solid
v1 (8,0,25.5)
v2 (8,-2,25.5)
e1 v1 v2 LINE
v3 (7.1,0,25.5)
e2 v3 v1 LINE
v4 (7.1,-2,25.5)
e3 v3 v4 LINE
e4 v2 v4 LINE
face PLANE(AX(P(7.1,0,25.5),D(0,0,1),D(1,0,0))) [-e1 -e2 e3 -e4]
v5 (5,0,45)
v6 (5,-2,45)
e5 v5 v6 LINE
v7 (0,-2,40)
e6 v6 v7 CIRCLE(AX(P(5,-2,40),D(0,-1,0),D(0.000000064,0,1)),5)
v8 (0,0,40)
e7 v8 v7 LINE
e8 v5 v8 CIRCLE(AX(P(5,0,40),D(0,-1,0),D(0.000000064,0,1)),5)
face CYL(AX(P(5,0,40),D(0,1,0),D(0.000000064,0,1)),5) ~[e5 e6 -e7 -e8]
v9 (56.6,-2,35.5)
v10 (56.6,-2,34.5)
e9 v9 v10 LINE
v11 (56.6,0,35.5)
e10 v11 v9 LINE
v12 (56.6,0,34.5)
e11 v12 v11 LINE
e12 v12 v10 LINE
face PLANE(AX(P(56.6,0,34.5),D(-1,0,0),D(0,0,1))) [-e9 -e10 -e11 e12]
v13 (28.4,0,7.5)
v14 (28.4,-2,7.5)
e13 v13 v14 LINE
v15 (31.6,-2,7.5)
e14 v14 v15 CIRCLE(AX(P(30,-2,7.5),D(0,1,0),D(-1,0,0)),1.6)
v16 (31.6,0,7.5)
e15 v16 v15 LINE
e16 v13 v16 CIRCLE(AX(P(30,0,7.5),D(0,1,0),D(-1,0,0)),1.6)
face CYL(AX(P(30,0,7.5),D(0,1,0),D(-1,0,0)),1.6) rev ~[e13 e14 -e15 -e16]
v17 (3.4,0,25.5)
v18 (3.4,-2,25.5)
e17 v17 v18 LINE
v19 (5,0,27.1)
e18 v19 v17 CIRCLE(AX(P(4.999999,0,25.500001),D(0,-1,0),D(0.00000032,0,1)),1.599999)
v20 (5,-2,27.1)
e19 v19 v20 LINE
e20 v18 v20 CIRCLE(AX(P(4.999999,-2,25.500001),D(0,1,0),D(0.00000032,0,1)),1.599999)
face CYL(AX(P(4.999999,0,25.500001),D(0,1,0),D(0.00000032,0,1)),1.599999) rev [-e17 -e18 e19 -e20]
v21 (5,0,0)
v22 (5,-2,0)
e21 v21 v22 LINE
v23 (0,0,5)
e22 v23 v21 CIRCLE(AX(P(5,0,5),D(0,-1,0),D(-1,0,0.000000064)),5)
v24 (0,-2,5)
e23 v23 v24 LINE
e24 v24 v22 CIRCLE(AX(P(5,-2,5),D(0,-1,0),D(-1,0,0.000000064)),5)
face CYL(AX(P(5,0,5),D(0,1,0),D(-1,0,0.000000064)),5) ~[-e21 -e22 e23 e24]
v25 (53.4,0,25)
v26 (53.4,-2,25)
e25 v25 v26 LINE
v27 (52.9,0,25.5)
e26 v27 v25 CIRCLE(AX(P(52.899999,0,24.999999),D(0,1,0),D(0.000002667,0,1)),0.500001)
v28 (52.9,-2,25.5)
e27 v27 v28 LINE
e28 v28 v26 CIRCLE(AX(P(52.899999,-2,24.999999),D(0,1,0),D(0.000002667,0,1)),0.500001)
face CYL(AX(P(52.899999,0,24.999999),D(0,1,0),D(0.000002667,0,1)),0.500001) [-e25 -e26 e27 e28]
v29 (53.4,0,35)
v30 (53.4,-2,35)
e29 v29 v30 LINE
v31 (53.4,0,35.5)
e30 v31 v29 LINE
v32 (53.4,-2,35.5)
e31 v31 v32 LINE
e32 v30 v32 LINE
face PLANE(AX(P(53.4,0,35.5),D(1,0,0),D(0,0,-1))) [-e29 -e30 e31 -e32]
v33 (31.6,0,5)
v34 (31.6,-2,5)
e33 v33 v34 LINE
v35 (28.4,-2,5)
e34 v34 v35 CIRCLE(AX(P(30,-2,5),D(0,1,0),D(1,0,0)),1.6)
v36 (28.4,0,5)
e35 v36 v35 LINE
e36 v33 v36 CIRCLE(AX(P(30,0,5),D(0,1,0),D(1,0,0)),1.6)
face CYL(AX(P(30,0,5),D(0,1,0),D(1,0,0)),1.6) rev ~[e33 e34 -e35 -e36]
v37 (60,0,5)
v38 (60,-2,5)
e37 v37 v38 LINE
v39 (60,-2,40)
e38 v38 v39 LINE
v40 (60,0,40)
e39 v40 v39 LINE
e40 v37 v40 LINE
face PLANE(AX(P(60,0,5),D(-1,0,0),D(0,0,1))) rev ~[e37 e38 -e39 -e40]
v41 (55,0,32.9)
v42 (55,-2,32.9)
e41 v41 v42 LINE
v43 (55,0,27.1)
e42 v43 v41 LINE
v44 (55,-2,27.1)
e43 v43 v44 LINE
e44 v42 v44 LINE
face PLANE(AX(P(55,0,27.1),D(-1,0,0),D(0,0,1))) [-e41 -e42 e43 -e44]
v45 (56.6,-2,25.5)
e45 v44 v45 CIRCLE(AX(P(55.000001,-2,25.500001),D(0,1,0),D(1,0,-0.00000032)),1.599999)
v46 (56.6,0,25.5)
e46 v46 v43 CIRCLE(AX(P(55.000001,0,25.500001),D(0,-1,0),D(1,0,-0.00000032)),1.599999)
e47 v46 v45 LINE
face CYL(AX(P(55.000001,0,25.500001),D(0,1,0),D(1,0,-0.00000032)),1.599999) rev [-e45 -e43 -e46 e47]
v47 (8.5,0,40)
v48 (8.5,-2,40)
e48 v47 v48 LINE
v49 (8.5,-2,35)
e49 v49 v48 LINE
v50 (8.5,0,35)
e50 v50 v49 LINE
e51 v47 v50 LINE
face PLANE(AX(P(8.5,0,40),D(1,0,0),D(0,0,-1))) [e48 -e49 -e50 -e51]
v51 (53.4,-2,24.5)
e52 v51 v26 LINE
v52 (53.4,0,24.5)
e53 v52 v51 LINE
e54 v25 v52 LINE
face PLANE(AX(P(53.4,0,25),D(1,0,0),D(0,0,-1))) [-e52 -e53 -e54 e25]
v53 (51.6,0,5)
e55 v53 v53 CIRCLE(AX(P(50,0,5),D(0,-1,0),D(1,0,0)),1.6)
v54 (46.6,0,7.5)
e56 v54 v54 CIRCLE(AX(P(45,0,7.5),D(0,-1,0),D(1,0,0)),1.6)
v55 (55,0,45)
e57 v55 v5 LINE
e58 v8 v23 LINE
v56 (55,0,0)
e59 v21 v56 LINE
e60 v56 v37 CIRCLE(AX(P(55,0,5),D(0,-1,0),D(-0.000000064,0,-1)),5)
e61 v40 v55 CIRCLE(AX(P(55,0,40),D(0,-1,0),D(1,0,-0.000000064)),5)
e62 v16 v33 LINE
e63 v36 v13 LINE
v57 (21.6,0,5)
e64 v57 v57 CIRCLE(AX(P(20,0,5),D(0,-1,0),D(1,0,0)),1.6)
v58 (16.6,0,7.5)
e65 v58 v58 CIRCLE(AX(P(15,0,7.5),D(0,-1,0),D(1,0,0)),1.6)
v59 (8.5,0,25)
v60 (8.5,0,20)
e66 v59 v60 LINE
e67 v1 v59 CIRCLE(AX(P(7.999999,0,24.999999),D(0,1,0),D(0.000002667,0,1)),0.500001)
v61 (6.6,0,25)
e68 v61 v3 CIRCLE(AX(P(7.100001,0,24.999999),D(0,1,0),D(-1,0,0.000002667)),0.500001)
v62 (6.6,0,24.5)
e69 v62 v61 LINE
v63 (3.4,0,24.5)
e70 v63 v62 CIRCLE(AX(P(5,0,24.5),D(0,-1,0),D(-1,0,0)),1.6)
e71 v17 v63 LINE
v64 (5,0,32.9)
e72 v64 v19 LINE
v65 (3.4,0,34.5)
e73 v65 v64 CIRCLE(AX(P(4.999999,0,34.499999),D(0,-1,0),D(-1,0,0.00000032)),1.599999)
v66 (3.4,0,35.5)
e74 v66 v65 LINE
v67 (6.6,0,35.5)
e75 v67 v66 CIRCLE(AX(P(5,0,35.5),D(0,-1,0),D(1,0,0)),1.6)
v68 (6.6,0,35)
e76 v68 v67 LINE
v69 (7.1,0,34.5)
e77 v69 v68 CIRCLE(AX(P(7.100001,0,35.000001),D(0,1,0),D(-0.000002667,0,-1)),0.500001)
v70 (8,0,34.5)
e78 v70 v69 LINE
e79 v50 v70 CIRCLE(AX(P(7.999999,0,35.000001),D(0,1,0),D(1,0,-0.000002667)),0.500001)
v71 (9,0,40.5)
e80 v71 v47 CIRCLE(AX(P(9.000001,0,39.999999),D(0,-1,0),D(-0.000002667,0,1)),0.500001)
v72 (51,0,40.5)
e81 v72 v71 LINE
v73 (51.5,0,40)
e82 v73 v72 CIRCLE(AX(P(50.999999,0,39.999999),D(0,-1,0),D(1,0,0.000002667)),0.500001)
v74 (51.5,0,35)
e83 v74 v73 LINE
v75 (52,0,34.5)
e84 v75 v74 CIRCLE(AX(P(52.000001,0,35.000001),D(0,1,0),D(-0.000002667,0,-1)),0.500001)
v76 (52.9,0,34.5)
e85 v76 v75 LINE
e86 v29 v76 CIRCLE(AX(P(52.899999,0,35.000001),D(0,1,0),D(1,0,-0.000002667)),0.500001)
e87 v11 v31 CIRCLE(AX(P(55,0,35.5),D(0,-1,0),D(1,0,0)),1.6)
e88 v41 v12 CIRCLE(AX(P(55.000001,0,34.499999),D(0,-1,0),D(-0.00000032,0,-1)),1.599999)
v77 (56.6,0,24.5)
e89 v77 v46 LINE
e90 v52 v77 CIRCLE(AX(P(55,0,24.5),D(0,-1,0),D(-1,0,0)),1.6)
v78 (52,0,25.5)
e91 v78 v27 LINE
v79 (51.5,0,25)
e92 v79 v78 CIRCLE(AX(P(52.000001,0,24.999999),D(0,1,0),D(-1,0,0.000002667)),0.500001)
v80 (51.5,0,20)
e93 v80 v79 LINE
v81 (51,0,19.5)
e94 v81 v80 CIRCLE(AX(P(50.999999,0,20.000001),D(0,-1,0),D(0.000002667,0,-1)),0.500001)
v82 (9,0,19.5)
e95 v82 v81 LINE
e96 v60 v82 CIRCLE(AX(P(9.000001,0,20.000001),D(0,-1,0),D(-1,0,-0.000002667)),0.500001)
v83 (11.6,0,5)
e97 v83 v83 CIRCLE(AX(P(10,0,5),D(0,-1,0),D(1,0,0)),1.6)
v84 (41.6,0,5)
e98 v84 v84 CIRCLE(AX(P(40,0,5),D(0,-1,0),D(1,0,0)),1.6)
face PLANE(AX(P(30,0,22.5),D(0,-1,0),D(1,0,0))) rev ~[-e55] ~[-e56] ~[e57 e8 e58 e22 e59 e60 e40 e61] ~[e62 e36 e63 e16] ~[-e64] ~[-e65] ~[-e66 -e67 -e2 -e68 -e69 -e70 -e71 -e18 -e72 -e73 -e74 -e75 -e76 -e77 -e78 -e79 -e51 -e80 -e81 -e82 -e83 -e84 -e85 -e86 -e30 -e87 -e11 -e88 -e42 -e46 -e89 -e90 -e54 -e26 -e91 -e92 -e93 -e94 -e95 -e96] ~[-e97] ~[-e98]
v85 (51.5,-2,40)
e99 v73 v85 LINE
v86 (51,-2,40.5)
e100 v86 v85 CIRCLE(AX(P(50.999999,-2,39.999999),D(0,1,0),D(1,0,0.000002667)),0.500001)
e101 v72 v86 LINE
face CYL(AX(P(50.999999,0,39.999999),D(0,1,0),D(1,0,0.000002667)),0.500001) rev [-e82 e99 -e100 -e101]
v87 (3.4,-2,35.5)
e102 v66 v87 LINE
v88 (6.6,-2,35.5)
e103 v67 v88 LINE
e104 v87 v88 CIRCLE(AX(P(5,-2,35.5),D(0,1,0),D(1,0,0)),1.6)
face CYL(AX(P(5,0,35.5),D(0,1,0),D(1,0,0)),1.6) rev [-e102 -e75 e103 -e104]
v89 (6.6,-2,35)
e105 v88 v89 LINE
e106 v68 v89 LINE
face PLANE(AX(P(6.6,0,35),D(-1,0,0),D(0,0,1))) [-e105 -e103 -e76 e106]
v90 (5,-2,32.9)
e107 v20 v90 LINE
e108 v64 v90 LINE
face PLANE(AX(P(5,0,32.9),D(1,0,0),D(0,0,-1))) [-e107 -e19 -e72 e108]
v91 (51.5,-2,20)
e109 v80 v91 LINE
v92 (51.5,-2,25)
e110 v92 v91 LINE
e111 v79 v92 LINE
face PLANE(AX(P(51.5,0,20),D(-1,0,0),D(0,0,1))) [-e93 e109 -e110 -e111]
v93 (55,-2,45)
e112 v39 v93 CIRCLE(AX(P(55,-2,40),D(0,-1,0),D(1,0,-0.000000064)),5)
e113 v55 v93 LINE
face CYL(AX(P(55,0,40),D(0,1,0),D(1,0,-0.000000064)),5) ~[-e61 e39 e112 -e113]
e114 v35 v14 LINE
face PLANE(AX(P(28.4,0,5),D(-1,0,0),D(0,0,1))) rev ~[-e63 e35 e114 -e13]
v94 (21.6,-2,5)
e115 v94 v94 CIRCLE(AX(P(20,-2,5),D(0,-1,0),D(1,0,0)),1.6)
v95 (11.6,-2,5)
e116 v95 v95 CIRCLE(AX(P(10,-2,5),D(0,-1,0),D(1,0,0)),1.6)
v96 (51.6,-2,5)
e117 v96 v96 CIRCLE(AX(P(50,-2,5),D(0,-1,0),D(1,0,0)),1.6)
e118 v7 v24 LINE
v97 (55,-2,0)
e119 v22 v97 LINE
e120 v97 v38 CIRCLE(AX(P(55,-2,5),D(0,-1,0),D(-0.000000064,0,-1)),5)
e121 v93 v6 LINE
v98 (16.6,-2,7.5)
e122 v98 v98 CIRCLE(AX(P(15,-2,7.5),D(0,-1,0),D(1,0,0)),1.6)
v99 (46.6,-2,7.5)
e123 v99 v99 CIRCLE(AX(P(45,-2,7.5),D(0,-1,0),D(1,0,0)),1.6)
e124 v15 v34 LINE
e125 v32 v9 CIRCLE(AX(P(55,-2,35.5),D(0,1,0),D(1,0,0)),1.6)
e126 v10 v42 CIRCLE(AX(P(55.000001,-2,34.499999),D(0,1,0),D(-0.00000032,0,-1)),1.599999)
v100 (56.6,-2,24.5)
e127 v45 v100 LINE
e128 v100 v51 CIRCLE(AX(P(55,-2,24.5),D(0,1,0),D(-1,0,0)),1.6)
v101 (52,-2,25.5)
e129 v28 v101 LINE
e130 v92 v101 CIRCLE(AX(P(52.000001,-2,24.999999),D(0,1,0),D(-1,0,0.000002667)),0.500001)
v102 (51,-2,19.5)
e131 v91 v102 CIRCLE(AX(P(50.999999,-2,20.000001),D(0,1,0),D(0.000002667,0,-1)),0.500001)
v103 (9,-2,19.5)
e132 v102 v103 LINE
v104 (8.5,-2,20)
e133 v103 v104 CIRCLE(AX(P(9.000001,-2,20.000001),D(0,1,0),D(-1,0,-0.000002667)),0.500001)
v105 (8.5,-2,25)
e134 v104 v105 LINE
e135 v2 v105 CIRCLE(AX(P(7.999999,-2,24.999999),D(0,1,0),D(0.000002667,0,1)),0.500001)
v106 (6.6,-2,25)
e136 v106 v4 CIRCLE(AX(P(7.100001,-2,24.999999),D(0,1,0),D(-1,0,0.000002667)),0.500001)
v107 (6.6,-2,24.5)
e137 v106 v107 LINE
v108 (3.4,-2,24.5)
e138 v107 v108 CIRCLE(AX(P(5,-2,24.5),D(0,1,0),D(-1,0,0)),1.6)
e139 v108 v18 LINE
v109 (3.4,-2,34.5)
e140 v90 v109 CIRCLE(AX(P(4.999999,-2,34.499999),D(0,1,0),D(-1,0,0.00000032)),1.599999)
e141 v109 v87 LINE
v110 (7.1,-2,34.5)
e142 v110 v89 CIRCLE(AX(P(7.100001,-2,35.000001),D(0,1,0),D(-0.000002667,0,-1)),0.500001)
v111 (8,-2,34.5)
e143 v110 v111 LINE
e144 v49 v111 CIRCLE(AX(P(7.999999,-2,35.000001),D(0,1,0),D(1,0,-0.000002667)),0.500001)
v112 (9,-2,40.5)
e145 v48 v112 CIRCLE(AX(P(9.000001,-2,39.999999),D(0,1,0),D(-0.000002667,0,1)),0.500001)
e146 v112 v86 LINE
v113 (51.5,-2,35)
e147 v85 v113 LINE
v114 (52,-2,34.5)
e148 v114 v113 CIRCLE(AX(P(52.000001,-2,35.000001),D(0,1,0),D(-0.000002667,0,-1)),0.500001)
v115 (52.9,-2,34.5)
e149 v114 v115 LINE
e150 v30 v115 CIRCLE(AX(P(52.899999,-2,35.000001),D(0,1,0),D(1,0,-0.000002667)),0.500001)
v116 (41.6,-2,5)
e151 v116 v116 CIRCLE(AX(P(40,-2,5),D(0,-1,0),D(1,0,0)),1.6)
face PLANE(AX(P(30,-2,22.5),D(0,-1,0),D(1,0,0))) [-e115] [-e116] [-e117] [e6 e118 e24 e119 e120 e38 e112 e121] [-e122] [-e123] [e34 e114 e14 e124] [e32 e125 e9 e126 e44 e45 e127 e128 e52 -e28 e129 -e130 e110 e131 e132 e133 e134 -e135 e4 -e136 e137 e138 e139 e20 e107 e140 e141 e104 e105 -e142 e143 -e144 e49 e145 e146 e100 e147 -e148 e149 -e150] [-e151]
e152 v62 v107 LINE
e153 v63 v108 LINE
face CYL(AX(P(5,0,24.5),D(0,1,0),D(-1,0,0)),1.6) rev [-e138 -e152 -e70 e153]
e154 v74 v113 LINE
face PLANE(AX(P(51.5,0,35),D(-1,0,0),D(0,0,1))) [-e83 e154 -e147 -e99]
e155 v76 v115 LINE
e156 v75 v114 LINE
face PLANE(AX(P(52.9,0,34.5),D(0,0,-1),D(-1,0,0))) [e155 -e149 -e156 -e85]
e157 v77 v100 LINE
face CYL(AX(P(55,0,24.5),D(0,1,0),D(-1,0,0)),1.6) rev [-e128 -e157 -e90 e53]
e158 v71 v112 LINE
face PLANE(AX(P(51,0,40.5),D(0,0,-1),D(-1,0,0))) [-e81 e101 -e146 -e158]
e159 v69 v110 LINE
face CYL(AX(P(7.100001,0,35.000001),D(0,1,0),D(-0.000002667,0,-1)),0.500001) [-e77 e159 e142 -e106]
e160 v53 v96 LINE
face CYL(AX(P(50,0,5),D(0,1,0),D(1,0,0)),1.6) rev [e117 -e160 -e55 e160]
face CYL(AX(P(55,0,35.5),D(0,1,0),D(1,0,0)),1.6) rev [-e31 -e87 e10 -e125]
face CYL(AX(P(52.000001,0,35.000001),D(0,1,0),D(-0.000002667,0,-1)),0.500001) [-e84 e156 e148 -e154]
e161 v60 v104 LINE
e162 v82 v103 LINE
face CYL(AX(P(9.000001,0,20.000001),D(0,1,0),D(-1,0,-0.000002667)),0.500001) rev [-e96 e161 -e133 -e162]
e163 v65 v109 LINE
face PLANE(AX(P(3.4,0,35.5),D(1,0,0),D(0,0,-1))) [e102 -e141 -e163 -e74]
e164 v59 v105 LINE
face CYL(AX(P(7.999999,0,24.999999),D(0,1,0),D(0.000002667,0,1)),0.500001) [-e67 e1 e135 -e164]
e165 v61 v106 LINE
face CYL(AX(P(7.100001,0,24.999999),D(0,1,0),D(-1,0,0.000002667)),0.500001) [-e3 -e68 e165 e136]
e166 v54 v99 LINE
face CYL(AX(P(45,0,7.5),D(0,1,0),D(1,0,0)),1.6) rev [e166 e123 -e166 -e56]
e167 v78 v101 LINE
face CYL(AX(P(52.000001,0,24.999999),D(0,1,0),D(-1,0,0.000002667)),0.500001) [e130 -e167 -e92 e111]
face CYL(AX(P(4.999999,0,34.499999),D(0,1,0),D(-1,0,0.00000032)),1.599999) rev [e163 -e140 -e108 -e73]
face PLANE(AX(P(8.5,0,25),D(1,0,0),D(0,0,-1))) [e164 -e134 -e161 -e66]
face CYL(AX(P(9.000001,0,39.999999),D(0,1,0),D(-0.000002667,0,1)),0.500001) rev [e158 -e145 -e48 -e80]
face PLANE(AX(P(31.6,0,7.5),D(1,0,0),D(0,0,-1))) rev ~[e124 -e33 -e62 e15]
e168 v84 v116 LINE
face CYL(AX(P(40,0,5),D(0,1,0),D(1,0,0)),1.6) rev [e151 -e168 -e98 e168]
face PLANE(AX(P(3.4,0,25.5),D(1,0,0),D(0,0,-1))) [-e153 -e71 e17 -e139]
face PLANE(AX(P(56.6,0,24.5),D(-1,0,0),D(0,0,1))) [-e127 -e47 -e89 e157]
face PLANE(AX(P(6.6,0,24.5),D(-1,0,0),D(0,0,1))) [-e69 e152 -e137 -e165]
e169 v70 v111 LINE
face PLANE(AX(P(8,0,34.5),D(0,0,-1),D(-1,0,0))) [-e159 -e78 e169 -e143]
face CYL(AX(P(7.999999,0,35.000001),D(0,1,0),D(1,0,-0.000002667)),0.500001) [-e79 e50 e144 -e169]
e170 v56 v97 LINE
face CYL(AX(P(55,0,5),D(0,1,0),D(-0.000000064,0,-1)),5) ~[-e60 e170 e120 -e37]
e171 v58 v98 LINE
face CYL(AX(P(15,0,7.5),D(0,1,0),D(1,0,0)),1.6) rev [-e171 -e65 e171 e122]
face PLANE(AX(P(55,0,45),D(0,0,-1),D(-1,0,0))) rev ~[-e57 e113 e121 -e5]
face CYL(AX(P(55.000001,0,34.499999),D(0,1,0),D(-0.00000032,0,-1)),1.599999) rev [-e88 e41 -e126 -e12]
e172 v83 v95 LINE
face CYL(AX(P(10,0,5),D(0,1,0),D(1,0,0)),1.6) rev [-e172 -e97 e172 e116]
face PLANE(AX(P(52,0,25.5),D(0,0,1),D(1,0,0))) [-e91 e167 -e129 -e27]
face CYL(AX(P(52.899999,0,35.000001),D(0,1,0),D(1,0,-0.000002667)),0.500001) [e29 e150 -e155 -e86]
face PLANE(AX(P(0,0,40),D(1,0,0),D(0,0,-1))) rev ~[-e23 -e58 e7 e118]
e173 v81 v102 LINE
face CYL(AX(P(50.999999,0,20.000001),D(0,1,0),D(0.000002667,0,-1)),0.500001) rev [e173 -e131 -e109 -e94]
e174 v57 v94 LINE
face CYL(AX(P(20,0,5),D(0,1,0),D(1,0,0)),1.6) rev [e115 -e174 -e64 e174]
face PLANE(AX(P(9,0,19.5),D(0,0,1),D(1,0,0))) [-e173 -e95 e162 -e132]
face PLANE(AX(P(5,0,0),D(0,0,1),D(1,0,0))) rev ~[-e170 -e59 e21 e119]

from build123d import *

# Parameters (mm, degrees)
F0_R     = 1.6
F1_DEPTH = 2
F3_DEPTH = 2.001


with BuildPart() as f1:
    # F0 (on Front) → F1 (new body)
    with BuildSketch(Plane.XZ):
        with BuildLine():
            ThreePointArc((0, 5), (1.464466, 1.464466), (5, 0))
            Line((5, 0), (55, 0))
            ThreePointArc((55, 0), (58.535534, 1.464466), (60, 5))
            Line((60, 5), (60, 40))
            ThreePointArc((60, 40), (58.535534, 43.535534), (55, 45))
            Line((55, 45), (5, 45))
            ThreePointArc((5, 45), (1.464466, 43.535534), (0, 40))
            Line((0, 40), (0, 5))
        make_face()
        with Locations((10, 5)):
            Circle(F0_R, mode=Mode.SUBTRACT)
        with Locations((20, 5)):
            Circle(F0_R, mode=Mode.SUBTRACT)
        with Locations((15, 7.5)):
            Circle(F0_R, mode=Mode.SUBTRACT)
        with Locations((40, 5)):
            Circle(F0_R, mode=Mode.SUBTRACT)
        with BuildLine():
            ThreePointArc((28.4, 7.5), (30, 9.1), (31.6, 7.5))
            Line((31.6, 7.5), (31.6, 5))
            ThreePointArc((31.6, 5), (30, 3.4), (28.4, 5))
            Line((28.4, 5), (28.4, 7.5))
        make_face(mode=Mode.SUBTRACT)
        with Locations((50, 5)):
            Circle(F0_R, mode=Mode.SUBTRACT)
        with Locations((45, 7.5)):
            Circle(F0_R, mode=Mode.SUBTRACT)
    extrude(amount=F1_DEPTH)

    # F2 (on Front) → F3 (cut, through all)
    with BuildSketch(Plane.XZ):
        with BuildLine():
            ThreePointArc((6.6, 35.5), (5, 37.1), (3.4, 35.5))
            Line((3.4, 35.5), (3.4, 34.5))
            ThreePointArc((3.4, 34.5), (3.868629, 33.368629), (5, 32.9))
            Line((5, 32.9), (5, 27.1))
            ThreePointArc((5, 27.1), (3.868629, 26.631371), (3.4, 25.5))
            Line((3.4, 25.5), (3.4, 24.5))
            ThreePointArc((3.4, 24.5), (5, 22.9), (6.6, 24.5))
            Line((6.6, 24.5), (6.6, 25))
            ThreePointArc((6.6, 25), (6.746447, 25.353553), (7.1, 25.5))
            Line((7.1, 25.5), (8, 25.5))
            ThreePointArc((8, 25.5), (8.353553, 25.353553), (8.5, 25))
            Line((8.5, 25), (8.5, 20))
            ThreePointArc((8.5, 20), (8.646447, 19.646447), (9, 19.5))
            Line((9, 19.5), (51, 19.5))
            ThreePointArc((51, 19.5), (51.353553, 19.646447), (51.5, 20))
            Line((51.5, 20), (51.5, 25))
            ThreePointArc((51.5, 25), (51.646447, 25.353553), (52, 25.5))
            Line((52, 25.5), (52.9, 25.5))
            ThreePointArc((52.9, 25.5), (53.253553, 25.353553), (53.4, 25))
            Line((53.4, 25), (53.4, 24.5))
            ThreePointArc((53.4, 24.5), (55, 22.9), (56.6, 24.5))
            Line((56.6, 24.5), (56.6, 25.5))
            ThreePointArc((56.6, 25.5), (56.131371, 26.631371), (55, 27.1))
            Line((55, 27.1), (55, 32.9))
            ThreePointArc((55, 32.9), (56.131371, 33.368629), (56.6, 34.5))
            Line((56.6, 34.5), (56.6, 35.5))
            ThreePointArc((56.6, 35.5), (55, 37.1), (53.4, 35.5))
            Line((53.4, 35.5), (53.4, 35))
            ThreePointArc((53.4, 35), (53.253553, 34.646447), (52.9, 34.5))
            Line((52.9, 34.5), (52, 34.5))
            ThreePointArc((52, 34.5), (51.646447, 34.646447), (51.5, 35))
            Line((51.5, 35), (51.5, 40))
            ThreePointArc((51.5, 40), (51.353553, 40.353553), (51, 40.5))
            Line((51, 40.5), (9, 40.5))
            ThreePointArc((9, 40.5), (8.646447, 40.353553), (8.5, 40))
            Line((8.5, 40), (8.5, 35))
            ThreePointArc((8.5, 35), (8.353553, 34.646447), (8, 34.5))
            Line((8, 34.5), (7.1, 34.5))
            ThreePointArc((7.1, 34.5), (6.746447, 34.646447), (6.6, 35))
            Line((6.6, 35), (6.6, 35.5))
        make_face()
    extrude(amount=F3_DEPTH, mode=Mode.SUBTRACT)


solid = f1.part
